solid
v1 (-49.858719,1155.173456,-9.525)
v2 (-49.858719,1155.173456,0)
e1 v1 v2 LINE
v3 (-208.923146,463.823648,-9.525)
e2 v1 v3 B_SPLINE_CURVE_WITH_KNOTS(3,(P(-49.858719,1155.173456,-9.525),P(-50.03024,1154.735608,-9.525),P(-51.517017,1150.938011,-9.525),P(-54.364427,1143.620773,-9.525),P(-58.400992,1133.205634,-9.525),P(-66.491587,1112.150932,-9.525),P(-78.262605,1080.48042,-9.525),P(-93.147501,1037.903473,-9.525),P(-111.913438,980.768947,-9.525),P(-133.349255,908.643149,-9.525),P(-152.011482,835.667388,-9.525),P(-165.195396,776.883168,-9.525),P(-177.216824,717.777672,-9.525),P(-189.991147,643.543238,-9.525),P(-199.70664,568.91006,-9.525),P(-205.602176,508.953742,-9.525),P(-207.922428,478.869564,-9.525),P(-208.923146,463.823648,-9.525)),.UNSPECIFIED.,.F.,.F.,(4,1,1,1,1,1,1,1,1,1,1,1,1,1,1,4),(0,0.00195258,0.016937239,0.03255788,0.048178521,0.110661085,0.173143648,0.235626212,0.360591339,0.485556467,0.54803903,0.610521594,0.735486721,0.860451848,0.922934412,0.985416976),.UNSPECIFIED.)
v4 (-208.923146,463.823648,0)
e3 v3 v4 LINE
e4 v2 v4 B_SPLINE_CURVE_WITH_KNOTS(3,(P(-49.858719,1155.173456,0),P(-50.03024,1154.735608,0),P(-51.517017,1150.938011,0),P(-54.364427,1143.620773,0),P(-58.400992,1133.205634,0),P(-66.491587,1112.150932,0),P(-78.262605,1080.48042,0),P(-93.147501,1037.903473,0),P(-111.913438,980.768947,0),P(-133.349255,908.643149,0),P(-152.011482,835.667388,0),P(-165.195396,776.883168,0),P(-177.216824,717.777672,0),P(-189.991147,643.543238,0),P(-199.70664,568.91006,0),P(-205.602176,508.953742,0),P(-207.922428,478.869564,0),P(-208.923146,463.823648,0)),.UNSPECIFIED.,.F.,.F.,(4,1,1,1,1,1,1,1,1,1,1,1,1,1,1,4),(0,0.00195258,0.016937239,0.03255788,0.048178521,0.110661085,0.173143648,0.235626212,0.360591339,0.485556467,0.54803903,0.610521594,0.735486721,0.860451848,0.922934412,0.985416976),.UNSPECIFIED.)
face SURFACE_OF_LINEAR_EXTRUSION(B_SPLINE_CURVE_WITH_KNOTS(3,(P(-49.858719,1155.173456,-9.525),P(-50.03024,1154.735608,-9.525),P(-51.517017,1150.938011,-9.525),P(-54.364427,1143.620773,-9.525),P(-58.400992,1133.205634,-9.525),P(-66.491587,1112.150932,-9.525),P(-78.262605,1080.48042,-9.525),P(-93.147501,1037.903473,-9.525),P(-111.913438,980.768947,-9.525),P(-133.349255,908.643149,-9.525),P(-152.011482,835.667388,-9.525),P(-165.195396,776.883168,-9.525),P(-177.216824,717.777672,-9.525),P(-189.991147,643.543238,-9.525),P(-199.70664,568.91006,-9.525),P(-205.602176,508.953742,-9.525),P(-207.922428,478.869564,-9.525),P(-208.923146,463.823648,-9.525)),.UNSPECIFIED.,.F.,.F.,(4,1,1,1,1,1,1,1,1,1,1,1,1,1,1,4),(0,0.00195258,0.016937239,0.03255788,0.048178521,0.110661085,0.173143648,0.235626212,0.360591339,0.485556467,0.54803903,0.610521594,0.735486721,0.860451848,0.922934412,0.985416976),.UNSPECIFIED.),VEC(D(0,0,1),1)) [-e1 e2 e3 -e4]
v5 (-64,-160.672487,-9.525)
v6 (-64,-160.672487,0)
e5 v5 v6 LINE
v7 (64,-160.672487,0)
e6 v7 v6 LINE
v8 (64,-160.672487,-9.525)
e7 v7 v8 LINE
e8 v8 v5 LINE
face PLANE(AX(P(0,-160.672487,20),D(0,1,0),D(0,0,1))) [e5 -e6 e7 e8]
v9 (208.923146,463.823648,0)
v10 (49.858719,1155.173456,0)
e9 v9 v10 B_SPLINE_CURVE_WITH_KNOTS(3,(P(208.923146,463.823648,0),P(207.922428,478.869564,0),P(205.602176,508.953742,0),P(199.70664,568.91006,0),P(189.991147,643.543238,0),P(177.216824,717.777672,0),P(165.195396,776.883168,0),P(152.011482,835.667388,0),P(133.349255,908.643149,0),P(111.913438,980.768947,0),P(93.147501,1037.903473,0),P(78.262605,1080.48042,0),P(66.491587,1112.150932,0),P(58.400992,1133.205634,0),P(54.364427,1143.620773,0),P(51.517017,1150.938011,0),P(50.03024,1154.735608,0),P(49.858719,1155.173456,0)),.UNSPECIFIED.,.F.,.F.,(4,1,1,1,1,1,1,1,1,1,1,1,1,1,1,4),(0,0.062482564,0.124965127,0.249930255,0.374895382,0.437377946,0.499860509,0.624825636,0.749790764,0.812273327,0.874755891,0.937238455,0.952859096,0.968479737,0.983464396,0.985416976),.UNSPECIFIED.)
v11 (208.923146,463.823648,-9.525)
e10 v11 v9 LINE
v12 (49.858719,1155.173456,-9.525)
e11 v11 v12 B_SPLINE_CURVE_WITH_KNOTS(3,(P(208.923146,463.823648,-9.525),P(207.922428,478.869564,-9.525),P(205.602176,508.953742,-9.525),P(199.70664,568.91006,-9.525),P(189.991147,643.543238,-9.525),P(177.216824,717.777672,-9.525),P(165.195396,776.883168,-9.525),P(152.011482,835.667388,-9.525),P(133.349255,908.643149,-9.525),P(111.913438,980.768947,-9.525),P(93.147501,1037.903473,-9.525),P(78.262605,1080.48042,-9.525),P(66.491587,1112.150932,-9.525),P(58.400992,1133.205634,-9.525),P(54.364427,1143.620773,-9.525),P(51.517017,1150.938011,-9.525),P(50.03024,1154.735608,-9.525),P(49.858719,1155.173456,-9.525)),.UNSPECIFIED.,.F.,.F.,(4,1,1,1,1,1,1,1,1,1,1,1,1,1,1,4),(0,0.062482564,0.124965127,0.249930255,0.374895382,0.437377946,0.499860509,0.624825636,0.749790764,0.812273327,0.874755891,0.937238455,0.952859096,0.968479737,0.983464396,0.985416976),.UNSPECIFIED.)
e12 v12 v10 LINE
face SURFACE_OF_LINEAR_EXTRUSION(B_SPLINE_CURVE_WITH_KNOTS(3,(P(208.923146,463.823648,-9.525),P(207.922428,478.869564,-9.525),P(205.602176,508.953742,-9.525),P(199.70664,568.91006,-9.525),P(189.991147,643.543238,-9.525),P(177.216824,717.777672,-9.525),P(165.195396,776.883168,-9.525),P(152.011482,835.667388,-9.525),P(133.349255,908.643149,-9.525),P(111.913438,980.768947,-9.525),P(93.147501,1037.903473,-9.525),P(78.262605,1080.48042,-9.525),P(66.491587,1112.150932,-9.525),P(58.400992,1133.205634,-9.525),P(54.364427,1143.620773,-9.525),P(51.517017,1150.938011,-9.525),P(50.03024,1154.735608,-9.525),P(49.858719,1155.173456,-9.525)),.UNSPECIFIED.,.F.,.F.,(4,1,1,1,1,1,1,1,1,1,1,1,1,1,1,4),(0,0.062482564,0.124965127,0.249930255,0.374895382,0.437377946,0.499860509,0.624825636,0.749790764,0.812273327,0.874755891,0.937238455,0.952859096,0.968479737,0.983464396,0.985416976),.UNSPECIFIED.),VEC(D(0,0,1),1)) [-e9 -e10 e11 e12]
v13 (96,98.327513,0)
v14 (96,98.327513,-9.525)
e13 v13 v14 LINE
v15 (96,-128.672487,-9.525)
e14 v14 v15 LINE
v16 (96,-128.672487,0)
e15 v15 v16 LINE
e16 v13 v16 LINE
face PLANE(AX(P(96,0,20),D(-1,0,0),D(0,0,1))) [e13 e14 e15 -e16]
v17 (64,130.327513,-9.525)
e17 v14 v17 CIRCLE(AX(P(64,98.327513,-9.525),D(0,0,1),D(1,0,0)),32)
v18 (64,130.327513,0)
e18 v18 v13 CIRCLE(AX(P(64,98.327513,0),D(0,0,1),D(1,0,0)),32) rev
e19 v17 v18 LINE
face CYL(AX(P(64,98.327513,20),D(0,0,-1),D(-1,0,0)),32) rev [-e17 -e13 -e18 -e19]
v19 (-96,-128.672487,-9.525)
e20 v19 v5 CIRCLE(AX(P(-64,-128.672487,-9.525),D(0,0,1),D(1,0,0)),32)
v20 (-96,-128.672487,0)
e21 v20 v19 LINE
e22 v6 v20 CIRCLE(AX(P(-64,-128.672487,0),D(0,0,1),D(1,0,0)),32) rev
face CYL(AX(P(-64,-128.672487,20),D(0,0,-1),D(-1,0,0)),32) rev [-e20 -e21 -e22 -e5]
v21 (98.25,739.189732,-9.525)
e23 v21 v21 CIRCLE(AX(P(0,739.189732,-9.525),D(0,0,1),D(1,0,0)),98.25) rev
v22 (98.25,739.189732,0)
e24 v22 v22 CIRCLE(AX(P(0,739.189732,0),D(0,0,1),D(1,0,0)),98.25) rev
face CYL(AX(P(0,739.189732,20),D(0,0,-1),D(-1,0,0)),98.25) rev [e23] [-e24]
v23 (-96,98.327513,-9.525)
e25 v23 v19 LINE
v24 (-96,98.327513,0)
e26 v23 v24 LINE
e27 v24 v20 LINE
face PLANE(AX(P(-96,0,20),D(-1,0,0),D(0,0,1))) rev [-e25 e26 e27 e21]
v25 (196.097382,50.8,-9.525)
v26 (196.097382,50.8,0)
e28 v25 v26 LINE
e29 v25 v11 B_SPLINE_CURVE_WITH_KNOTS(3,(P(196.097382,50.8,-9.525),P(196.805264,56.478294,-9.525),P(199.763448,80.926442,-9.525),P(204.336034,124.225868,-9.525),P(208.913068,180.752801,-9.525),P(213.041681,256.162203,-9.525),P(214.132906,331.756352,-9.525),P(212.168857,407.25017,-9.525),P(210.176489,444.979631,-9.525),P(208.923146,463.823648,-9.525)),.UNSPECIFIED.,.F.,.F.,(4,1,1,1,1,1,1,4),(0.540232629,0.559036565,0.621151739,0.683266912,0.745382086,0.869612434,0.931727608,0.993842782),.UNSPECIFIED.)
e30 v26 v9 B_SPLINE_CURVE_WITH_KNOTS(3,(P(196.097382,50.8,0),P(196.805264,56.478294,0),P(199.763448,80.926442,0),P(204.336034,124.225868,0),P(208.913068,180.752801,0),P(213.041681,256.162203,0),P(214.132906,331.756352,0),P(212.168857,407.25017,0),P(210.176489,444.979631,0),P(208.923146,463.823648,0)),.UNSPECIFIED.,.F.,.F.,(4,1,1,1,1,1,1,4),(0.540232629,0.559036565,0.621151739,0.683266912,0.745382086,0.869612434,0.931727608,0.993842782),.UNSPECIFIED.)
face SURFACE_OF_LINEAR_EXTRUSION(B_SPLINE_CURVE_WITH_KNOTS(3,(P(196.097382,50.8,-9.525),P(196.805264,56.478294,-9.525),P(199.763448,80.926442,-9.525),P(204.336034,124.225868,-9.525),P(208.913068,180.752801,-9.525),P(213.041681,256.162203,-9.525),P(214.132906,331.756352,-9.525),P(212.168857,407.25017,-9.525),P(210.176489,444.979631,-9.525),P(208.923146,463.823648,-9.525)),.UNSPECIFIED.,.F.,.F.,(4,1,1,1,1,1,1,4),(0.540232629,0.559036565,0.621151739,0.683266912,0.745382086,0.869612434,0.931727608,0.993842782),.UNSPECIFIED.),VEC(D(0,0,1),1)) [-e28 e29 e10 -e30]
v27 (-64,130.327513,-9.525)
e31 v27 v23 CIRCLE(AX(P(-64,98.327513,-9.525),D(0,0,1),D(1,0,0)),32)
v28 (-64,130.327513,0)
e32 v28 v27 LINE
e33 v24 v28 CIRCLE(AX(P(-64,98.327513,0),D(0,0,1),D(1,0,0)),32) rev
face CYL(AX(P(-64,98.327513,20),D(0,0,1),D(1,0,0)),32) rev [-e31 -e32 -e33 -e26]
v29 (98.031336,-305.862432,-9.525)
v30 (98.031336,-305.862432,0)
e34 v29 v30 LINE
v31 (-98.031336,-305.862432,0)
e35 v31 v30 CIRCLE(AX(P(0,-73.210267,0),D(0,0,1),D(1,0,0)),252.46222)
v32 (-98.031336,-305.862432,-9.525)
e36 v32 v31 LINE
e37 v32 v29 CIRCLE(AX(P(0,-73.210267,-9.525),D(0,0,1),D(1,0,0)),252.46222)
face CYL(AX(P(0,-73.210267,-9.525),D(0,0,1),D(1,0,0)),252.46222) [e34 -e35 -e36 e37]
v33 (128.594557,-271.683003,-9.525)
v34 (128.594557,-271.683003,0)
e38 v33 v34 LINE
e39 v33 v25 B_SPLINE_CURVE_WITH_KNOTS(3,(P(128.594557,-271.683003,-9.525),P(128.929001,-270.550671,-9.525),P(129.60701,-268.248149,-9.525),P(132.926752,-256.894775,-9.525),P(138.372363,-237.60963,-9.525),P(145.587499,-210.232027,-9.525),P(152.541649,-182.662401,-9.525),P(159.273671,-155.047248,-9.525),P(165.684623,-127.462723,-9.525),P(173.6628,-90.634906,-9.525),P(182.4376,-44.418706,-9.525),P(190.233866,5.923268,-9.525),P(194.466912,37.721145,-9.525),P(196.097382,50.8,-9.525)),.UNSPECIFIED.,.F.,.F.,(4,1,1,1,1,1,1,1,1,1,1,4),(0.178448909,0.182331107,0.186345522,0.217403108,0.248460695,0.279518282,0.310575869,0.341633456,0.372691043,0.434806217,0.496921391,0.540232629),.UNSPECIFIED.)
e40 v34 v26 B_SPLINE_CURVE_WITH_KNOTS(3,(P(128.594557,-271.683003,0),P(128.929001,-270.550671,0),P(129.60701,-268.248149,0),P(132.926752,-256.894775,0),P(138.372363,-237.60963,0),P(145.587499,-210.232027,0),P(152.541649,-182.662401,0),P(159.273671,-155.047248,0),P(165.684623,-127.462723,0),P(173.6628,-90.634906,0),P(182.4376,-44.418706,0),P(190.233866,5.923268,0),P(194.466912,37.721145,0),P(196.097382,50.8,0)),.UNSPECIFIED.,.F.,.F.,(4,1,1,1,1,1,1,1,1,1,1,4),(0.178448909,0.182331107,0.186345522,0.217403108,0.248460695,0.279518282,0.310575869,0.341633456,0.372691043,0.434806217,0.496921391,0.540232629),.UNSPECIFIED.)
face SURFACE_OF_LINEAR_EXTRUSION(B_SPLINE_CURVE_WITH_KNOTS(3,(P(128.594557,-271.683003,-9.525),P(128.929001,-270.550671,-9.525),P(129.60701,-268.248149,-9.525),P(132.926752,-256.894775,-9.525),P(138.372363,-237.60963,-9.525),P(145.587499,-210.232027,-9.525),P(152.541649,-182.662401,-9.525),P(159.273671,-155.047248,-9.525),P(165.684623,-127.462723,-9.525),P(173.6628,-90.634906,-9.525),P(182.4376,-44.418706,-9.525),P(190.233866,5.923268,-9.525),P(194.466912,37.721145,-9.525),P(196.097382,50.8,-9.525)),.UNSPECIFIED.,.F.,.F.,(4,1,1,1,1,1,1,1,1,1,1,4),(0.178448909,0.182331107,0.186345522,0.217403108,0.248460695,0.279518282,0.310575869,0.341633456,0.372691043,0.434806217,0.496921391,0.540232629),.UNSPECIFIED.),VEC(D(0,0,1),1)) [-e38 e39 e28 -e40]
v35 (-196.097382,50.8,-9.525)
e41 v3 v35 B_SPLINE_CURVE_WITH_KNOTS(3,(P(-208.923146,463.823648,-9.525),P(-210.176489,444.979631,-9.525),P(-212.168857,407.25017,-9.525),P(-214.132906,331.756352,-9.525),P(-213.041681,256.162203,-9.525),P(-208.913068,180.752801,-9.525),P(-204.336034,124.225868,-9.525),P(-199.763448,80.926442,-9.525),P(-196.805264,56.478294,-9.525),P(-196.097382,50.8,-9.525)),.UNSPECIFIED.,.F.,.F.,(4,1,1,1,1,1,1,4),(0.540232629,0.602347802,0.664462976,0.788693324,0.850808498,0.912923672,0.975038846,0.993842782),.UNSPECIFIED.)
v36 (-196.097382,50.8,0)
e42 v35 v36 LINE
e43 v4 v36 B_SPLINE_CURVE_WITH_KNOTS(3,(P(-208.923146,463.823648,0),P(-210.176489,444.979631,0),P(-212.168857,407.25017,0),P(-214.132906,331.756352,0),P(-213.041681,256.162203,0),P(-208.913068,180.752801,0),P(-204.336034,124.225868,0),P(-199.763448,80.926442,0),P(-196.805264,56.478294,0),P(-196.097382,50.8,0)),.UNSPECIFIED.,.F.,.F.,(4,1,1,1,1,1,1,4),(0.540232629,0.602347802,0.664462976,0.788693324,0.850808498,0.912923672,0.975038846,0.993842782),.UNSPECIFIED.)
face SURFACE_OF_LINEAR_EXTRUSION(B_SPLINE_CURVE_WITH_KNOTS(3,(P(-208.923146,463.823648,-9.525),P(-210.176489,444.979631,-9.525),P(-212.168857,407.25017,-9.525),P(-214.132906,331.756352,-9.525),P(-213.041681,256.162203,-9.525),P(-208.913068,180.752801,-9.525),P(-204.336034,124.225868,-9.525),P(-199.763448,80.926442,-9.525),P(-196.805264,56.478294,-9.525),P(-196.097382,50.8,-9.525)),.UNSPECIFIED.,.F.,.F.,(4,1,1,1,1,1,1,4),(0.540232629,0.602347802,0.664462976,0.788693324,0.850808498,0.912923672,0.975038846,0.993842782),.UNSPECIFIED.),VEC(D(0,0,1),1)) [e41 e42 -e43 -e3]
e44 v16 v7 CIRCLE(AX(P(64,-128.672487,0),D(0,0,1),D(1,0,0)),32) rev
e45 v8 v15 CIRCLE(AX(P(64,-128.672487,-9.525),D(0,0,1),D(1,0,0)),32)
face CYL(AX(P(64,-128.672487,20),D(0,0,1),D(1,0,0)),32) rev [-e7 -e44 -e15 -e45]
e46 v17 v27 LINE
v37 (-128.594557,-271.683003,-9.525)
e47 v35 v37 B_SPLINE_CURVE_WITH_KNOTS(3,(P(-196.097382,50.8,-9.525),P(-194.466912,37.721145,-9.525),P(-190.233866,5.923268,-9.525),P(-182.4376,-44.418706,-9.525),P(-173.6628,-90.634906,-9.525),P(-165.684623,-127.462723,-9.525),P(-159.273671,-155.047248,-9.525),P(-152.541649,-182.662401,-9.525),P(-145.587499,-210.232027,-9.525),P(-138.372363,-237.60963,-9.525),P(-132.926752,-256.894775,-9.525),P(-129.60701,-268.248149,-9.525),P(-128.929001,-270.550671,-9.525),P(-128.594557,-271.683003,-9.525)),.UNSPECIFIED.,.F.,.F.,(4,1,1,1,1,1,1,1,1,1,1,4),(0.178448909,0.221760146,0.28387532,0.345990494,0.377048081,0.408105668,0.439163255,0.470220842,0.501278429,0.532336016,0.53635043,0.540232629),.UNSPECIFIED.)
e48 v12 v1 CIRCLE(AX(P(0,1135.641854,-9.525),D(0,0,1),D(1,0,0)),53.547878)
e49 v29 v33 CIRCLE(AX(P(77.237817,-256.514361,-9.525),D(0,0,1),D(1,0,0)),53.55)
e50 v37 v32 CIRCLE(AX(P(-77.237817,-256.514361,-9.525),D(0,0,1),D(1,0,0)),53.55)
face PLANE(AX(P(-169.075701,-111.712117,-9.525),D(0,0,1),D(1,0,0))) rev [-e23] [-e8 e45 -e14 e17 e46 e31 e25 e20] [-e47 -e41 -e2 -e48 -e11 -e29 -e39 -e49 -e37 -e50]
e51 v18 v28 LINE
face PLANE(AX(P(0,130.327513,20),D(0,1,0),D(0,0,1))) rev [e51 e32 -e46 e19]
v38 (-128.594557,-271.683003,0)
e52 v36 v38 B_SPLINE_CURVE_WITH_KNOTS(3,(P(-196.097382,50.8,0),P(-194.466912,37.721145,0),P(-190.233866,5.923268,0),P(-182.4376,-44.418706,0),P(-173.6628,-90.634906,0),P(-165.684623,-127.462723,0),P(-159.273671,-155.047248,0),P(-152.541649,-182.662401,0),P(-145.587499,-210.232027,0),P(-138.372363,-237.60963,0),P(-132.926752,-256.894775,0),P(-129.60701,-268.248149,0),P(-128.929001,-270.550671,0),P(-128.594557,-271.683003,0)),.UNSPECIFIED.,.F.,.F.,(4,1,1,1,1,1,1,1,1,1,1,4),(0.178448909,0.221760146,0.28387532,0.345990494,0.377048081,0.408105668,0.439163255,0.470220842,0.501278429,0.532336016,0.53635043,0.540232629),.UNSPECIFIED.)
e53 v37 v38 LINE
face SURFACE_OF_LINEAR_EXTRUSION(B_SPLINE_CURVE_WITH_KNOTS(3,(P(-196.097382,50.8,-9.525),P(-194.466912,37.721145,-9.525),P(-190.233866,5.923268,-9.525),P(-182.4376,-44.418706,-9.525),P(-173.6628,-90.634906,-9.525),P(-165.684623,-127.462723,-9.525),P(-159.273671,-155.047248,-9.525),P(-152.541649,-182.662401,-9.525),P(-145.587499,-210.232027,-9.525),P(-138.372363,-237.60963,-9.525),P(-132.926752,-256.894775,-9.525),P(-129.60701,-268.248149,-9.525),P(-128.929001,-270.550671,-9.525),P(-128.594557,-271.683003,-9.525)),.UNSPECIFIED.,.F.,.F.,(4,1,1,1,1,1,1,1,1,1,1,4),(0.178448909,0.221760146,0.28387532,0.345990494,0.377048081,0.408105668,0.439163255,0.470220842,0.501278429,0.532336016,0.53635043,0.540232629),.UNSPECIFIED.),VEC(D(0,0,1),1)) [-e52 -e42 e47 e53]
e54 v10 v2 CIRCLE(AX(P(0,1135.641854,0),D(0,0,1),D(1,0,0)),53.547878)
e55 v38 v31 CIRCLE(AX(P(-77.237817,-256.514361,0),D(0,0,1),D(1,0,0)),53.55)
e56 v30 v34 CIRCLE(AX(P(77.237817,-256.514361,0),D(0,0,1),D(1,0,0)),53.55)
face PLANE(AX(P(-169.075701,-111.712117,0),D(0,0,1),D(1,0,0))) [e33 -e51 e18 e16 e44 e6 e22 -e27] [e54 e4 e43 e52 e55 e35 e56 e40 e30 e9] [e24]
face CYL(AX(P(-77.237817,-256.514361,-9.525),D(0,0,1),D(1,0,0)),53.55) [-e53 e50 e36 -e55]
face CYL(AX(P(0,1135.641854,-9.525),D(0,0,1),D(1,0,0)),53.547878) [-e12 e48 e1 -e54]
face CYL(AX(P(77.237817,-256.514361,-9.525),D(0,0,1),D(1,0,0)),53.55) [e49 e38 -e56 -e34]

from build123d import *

# Parameters (mm, degrees)
BOSS_EXTRUDE2_DEPTH     = 9.525
CUT_EXTRUDE2_DEPTH      = 20
CUT_EXTRUDE2_DEPTH_BACK = 20
SKETCH5_R               = 98.25
SKETCH5_W               = 192
SKETCH5_H               = 291
FILLET1_R               = 32


with BuildPart() as part:
    # Sketch3 → Boss-Extrude2 (new body)
    with BuildSketch(Plane.XY):
        with BuildLine():
            ThreePointArc((-128.594557171, -271.683003432), (-117.156149866, -292.20930741), (-98.031335876, -305.862431833))
            ThreePointArc((-98.031335876, -305.862431833), (0, -325.672487157), (98.031335876, -305.862431833))
            ThreePointArc((98.031335876, -305.862431833), (117.156149866, -292.20930741), (128.594557171, -271.683003432))
            add(Edge.make_bspline(
                [(128.594557171, -271.683003432), (128.929001137, -270.550670561), (129.607009929, -268.248148567), (132.92675238, -256.894775015), (138.372363082, -237.609630026), (145.587498555, -210.232026724), (152.54164904, -182.662401273), (159.273671104, -155.04724849), (165.68462346, -127.4627227), (173.662799668, -90.634906462), (182.437600317, -44.41870561), (190.23386569, 5.92326819), (194.466912187, 37.721145483), (196.09738159, 50.8)],
                knots=[0.178448909, 0.178448909, 0.178448909, 0.178448909, 0.182331107, 0.186345522, 0.217403108, 0.248460695, 0.279518282, 0.310575869, 0.341633456, 0.372691043, 0.434806217, 0.496921391, 0.540232629, 0.540232629, 0.540232629, 0.540232629], degree=3))
            add(Edge.make_bspline(
                [(196.09738159, 50.8), (196.805263519, 56.478294089), (199.763447664, 80.926441622), (204.336033541, 124.225867737), (208.913068108, 180.752800745), (213.041680781, 256.162202935), (214.132905766, 331.756352431), (212.168857378, 407.250169642), (210.17648868, 444.979630563), (208.923145523, 463.823648231)],
                knots=[0.540232629, 0.540232629, 0.540232629, 0.540232629, 0.559036565, 0.621151739, 0.683266912, 0.745382086, 0.869612434, 0.931727608, 0.993842782, 0.993842782, 0.993842782, 0.993842782], degree=3))
            add(Edge.make_bspline(
                [(208.923145523, 463.823648231), (207.922427582, 478.869564138), (205.602175882, 508.953742276), (199.706639723, 568.910060357), (189.991147, 643.543237919), (177.216824309, 717.777671868), (165.195396161, 776.883168245), (152.011482075, 835.667387937), (133.349255404, 908.643148932), (111.913437805, 980.768947108), (93.147501113, 1037.903472604), (78.26260519, 1080.480419865), (66.491586651, 1112.150932405), (58.40099204, 1133.20563378), (54.364426792, 1143.620772929), (51.51701688, 1150.938010972), (50.030240387, 1154.735608428), (49.858718612, 1155.173455571)],
                knots=[0, 0, 0, 0, 0.062482564, 0.124965127, 0.249930255, 0.374895382, 0.437377946, 0.499860509, 0.624825636, 0.749790764, 0.812273327, 0.874755891, 0.937238455, 0.952859096, 0.968479737, 0.983464396, 0.985416976, 0.985416976, 0.985416976, 0.985416976], degree=3))
            ThreePointArc((49.858718612, 1155.173455571), (0, 1189.189732385), (-49.858718612, 1155.173455571))
            add(Edge.make_bspline(
                [(-208.923145523, 463.823648231), (-207.922427582, 478.869564138), (-205.602175882, 508.953742276), (-199.706639723, 568.910060357), (-189.991147, 643.543237919), (-177.216824309, 717.777671868), (-165.195396161, 776.883168245), (-152.011482075, 835.667387937), (-133.349255404, 908.643148932), (-111.913437805, 980.768947108), (-93.147501113, 1037.903472604), (-78.26260519, 1080.480419865), (-66.491586651, 1112.150932405), (-58.40099204, 1133.20563378), (-54.364426792, 1143.620772929), (-51.51701688, 1150.938010972), (-50.030240387, 1154.735608428), (-49.858718612, 1155.173455571)],
                knots=[0, 0, 0, 0, 0.062482564, 0.124965127, 0.249930255, 0.374895382, 0.437377946, 0.499860509, 0.624825636, 0.749790764, 0.812273327, 0.874755891, 0.937238455, 0.952859096, 0.968479737, 0.983464396, 0.985416976, 0.985416976, 0.985416976, 0.985416976], degree=3))
            add(Edge.make_bspline(
                [(-196.09738159, 50.8), (-196.805263519, 56.478294089), (-199.763447664, 80.926441622), (-204.336033541, 124.225867737), (-208.913068108, 180.752800745), (-213.041680781, 256.162202935), (-214.132905766, 331.756352431), (-212.168857378, 407.250169642), (-210.17648868, 444.979630563), (-208.923145523, 463.823648231)],
                knots=[0.540232629, 0.540232629, 0.540232629, 0.540232629, 0.559036565, 0.621151739, 0.683266912, 0.745382086, 0.869612434, 0.931727608, 0.993842782, 0.993842782, 0.993842782, 0.993842782], degree=3))
            add(Edge.make_bspline(
                [(-128.594557171, -271.683003432), (-128.929001137, -270.550670561), (-129.607009929, -268.248148567), (-132.92675238, -256.894775015), (-138.372363082, -237.609630026), (-145.587498555, -210.232026724), (-152.54164904, -182.662401273), (-159.273671104, -155.04724849), (-165.68462346, -127.4627227), (-173.662799668, -90.634906462), (-182.437600317, -44.41870561), (-190.23386569, 5.92326819), (-194.466912187, 37.721145483), (-196.09738159, 50.8)],
                knots=[0.178448909, 0.178448909, 0.178448909, 0.178448909, 0.182331107, 0.186345522, 0.217403108, 0.248460695, 0.279518282, 0.310575869, 0.341633456, 0.372691043, 0.434806217, 0.496921391, 0.540232629, 0.540232629, 0.540232629, 0.540232629], degree=3))
        make_face()
    extrude(amount=-BOSS_EXTRUDE2_DEPTH)

    # Sketch5 → Cut-Extrude2 (cut, two sides: drawn at the far end of the back side and taken through both)
    with BuildSketch(Plane.XY.offset(-CUT_EXTRUDE2_DEPTH_BACK)):
        with Locations((0, 739.189732385)):
            Circle(SKETCH5_R)
        with Locations((0, -15.172487157)):
            Rectangle(SKETCH5_W, SKETCH5_H)
    extrude(amount=CUT_EXTRUDE2_DEPTH + CUT_EXTRUDE2_DEPTH_BACK, mode=Mode.SUBTRACT)

    # Fillet1
    fillet1_edges = [part.edges().sort_by_distance(p)[0] for p in [
        (-96, -160.672487157, -4.7625),
        (96, -160.672487157, -4.7625),
        (96, 130.327512843, -4.7625),
        (-96, 130.327512843, -4.7625),
    ]]
    fillet(fillet1_edges, radius=FILLET1_R)


solid = part.part
